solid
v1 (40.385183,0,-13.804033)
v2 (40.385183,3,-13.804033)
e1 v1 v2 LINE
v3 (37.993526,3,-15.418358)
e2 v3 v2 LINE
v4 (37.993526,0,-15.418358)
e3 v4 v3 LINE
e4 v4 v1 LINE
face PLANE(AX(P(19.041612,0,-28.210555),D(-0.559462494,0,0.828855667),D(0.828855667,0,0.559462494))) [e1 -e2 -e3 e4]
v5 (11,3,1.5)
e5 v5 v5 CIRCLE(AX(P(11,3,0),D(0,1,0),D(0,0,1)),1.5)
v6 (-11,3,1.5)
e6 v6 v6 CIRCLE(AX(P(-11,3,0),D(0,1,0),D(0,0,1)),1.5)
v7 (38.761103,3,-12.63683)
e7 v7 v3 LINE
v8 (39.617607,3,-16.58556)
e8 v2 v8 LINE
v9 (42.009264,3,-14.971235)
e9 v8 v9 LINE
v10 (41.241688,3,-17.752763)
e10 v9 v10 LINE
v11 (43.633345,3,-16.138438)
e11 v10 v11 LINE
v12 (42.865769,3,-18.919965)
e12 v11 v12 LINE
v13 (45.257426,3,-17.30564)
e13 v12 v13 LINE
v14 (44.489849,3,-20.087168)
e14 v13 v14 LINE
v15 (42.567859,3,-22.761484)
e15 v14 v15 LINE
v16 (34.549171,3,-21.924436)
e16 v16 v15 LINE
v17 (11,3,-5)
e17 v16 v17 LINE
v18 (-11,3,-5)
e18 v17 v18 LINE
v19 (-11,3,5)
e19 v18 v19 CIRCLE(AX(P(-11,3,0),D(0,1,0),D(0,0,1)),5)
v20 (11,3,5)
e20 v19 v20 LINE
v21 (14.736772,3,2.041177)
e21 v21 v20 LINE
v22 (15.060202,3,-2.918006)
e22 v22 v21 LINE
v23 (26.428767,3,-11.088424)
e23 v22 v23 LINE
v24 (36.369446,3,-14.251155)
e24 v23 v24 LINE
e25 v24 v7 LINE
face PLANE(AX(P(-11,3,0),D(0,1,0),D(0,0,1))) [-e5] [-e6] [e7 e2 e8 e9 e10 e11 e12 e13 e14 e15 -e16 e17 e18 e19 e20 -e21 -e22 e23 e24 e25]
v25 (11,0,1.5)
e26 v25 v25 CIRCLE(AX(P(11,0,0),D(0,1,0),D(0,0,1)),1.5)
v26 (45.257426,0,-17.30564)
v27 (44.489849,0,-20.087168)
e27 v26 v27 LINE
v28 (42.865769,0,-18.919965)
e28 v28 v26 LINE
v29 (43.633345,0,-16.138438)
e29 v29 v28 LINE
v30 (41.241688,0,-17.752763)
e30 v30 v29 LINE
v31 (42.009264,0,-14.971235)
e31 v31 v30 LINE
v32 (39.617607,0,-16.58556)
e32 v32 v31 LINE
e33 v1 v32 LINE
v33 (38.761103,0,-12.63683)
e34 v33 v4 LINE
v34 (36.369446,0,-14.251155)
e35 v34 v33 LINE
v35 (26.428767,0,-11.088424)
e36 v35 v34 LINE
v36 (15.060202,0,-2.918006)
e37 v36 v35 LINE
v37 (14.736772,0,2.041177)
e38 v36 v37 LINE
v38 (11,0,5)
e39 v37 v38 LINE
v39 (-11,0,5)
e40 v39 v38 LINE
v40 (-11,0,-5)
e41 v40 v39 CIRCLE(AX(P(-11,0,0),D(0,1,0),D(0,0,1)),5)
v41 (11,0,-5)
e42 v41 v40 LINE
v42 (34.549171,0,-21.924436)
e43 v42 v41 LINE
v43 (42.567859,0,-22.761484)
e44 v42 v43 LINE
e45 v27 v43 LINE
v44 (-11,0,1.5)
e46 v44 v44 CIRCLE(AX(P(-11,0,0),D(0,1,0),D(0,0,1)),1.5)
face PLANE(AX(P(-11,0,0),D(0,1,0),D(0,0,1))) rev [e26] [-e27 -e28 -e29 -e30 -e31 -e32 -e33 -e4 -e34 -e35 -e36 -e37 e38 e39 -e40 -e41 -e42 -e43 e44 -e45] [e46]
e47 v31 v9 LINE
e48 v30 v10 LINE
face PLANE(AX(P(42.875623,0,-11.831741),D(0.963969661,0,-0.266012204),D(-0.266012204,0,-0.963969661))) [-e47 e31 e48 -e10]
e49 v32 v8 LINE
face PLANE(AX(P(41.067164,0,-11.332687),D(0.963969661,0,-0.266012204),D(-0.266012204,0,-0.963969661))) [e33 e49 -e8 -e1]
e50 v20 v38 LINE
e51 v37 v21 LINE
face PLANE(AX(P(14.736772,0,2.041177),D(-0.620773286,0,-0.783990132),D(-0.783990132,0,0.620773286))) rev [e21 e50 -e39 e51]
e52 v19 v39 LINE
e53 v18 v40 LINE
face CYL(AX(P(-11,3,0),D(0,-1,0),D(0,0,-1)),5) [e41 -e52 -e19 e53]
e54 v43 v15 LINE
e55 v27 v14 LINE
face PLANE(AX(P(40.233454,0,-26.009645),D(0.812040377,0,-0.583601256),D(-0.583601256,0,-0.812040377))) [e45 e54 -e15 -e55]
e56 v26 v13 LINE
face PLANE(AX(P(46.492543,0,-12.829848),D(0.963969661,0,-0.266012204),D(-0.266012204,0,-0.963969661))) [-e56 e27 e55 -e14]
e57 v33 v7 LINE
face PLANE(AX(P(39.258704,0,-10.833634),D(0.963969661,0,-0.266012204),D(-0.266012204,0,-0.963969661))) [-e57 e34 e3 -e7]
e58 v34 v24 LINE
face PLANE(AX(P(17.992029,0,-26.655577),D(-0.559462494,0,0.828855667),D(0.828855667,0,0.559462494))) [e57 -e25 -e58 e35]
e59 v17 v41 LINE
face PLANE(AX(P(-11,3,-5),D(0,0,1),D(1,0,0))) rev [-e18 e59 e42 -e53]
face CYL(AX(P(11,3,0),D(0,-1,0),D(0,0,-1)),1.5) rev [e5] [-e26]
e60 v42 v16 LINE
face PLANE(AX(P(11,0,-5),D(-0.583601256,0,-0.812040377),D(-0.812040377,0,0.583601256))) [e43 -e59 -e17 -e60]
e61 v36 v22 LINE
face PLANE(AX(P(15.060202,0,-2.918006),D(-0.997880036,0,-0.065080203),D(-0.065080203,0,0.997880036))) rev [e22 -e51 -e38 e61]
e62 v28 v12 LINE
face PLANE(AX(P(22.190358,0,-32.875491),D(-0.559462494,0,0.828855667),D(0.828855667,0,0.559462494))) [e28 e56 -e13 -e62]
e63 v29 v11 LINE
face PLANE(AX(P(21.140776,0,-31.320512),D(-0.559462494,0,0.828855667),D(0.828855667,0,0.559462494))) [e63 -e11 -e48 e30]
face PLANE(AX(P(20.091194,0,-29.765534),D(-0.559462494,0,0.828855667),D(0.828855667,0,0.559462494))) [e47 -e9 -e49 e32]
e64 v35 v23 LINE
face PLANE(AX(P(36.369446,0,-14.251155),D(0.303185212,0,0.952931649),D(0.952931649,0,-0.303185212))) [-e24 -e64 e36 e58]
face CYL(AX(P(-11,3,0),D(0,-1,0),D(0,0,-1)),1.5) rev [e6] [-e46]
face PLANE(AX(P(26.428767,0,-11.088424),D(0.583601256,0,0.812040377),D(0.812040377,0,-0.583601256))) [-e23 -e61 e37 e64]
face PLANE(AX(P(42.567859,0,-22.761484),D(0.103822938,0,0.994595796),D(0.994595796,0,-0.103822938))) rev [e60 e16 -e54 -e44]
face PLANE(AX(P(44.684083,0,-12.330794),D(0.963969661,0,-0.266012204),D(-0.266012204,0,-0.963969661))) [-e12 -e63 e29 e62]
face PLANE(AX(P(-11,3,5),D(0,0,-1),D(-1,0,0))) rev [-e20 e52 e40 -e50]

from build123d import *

# Parameters (mm, degrees)
IZIM2_R                     = 1.5
Y_KSEKLIK_EKSTR_ZYON1_DEPTH = 3
Y_KSEKLIK_EKSTR_ZYON2_START = -3
Y_KSEKLIK_EKSTR_ZYON2_DEPTH = 3
KES_EKSTR_ZYON1_DEPTH       = 3
KES_EKSTR_ZYON2_DEPTH       = 3
KES_EKSTR_ZYON3_DEPTH       = 3


with BuildPart() as part:
    # Çizim2 → Yükseklik-Ekstrüzyon1 (new body)
    with BuildSketch(Plane(origin=(0, 0, 0), x_dir=(1, 0, 0), z_dir=(0, 1, 0))):
        with BuildLine():
            Line((-11, 5), (11, 5))
            ThreePointArc((11, 5), (16, 0), (11, -5))
            Line((11, -5), (-11, -5))
            ThreePointArc((-11, -5), (-16, 0), (-11, 5))
        make_face()
        with Locations(Location((-11, 0, 0), (0, 0, 270))):
            Circle(IZIM2_R, mode=Mode.SUBTRACT)
        with Locations(Location((11, 0, 0), (0, 0, 270))):
            Circle(IZIM2_R, mode=Mode.SUBTRACT)
    extrude(amount=Y_KSEKLIK_EKSTR_ZYON1_DEPTH)

    # Çizim3 → Yükseklik-Ekstrüzyon2 (add)
    with BuildSketch(Plane(origin=(0, 3, 0), x_dir=(1, 0, 0), z_dir=(0, 1, 0)).offset(Y_KSEKLIK_EKSTR_ZYON2_START)):
        with BuildLine():
            Line((11, 5), (40.233453571, 26.009645221))
            Line((40.233453571, 26.009645221), (46.069466132, 17.889241451))
            Line((46.069466132, 17.889241451), (37.949062363, 12.05322889))
            Line((37.949062363, 12.05322889), (36.369445688, 14.251155139))
            Line((36.369445688, 14.251155139), (26.428767162, 11.088423867))
            Line((26.428767162, 11.088423867), (15.060201885, 2.918006281))
            ThreePointArc((15.060201885, 2.918006281), (13.281443468, 4.449158988), (11, 5))
        make_face()
    extrude(amount=Y_KSEKLIK_EKSTR_ZYON2_DEPTH)

    # Çizim4 → Kes-Ekstrüzyon1 (cut)
    with BuildSketch(Plane(origin=(0, 3, 0), x_dir=(1, 0, 0), z_dir=(0, 1, 0))):
        Polygon((34.549170932, 21.924436428), (40.233453571, 26.009645221), (42.567858595, 22.761483713), align=None)
    extrude(amount=-KES_EKSTR_ZYON1_DEPTH, mode=Mode.SUBTRACT)

    # Çizim5 → Kes-Ekstrüzyon2 (cut)
    with BuildSketch(Plane(origin=(0, 3, 0), x_dir=(1, 0, 0), z_dir=(0, 1, 0))):
        Polygon((38.76110274, 12.636830146), (36.369445688, 14.251155139), (37.949062363, 12.05322889), align=None)
        Polygon((37.993526442, 15.418357651), (38.76110274, 12.636830146), (40.385183494, 13.804032658), align=None)
        Polygon((39.617607196, 16.585560164), (40.385183494, 13.804032658), (42.009264247, 14.971235171), align=None)
        Polygon((41.24168795, 17.752762676), (42.009264247, 14.971235171), (43.633345001, 16.138437683), align=None)
        Polygon((42.865768704, 18.919965188), (43.633345001, 16.138437683), (45.257425755, 17.305640195), align=None)
        Polygon((44.489849458, 20.0871677), (45.257425755, 17.305640195), (46.069466132, 17.889241451), align=None)
    extrude(amount=-KES_EKSTR_ZYON2_DEPTH, mode=Mode.SUBTRACT)

    # Çizim6 → Kes-Ekstrüzyon3 (cut)
    with BuildSketch(Plane(origin=(0, 3, 0), x_dir=(1, 0, 0), z_dir=(0, 1, 0))):
        Polygon((15.060201885, 2.918006281), (14.736771564, -2.041177089), (11, -5), (11, -9.807776343), (27.690155634, -9.807776343), (28.885017057, 0.673945989), align=None)
    extrude(amount=-KES_EKSTR_ZYON3_DEPTH, mode=Mode.SUBTRACT)


solid = part.part
